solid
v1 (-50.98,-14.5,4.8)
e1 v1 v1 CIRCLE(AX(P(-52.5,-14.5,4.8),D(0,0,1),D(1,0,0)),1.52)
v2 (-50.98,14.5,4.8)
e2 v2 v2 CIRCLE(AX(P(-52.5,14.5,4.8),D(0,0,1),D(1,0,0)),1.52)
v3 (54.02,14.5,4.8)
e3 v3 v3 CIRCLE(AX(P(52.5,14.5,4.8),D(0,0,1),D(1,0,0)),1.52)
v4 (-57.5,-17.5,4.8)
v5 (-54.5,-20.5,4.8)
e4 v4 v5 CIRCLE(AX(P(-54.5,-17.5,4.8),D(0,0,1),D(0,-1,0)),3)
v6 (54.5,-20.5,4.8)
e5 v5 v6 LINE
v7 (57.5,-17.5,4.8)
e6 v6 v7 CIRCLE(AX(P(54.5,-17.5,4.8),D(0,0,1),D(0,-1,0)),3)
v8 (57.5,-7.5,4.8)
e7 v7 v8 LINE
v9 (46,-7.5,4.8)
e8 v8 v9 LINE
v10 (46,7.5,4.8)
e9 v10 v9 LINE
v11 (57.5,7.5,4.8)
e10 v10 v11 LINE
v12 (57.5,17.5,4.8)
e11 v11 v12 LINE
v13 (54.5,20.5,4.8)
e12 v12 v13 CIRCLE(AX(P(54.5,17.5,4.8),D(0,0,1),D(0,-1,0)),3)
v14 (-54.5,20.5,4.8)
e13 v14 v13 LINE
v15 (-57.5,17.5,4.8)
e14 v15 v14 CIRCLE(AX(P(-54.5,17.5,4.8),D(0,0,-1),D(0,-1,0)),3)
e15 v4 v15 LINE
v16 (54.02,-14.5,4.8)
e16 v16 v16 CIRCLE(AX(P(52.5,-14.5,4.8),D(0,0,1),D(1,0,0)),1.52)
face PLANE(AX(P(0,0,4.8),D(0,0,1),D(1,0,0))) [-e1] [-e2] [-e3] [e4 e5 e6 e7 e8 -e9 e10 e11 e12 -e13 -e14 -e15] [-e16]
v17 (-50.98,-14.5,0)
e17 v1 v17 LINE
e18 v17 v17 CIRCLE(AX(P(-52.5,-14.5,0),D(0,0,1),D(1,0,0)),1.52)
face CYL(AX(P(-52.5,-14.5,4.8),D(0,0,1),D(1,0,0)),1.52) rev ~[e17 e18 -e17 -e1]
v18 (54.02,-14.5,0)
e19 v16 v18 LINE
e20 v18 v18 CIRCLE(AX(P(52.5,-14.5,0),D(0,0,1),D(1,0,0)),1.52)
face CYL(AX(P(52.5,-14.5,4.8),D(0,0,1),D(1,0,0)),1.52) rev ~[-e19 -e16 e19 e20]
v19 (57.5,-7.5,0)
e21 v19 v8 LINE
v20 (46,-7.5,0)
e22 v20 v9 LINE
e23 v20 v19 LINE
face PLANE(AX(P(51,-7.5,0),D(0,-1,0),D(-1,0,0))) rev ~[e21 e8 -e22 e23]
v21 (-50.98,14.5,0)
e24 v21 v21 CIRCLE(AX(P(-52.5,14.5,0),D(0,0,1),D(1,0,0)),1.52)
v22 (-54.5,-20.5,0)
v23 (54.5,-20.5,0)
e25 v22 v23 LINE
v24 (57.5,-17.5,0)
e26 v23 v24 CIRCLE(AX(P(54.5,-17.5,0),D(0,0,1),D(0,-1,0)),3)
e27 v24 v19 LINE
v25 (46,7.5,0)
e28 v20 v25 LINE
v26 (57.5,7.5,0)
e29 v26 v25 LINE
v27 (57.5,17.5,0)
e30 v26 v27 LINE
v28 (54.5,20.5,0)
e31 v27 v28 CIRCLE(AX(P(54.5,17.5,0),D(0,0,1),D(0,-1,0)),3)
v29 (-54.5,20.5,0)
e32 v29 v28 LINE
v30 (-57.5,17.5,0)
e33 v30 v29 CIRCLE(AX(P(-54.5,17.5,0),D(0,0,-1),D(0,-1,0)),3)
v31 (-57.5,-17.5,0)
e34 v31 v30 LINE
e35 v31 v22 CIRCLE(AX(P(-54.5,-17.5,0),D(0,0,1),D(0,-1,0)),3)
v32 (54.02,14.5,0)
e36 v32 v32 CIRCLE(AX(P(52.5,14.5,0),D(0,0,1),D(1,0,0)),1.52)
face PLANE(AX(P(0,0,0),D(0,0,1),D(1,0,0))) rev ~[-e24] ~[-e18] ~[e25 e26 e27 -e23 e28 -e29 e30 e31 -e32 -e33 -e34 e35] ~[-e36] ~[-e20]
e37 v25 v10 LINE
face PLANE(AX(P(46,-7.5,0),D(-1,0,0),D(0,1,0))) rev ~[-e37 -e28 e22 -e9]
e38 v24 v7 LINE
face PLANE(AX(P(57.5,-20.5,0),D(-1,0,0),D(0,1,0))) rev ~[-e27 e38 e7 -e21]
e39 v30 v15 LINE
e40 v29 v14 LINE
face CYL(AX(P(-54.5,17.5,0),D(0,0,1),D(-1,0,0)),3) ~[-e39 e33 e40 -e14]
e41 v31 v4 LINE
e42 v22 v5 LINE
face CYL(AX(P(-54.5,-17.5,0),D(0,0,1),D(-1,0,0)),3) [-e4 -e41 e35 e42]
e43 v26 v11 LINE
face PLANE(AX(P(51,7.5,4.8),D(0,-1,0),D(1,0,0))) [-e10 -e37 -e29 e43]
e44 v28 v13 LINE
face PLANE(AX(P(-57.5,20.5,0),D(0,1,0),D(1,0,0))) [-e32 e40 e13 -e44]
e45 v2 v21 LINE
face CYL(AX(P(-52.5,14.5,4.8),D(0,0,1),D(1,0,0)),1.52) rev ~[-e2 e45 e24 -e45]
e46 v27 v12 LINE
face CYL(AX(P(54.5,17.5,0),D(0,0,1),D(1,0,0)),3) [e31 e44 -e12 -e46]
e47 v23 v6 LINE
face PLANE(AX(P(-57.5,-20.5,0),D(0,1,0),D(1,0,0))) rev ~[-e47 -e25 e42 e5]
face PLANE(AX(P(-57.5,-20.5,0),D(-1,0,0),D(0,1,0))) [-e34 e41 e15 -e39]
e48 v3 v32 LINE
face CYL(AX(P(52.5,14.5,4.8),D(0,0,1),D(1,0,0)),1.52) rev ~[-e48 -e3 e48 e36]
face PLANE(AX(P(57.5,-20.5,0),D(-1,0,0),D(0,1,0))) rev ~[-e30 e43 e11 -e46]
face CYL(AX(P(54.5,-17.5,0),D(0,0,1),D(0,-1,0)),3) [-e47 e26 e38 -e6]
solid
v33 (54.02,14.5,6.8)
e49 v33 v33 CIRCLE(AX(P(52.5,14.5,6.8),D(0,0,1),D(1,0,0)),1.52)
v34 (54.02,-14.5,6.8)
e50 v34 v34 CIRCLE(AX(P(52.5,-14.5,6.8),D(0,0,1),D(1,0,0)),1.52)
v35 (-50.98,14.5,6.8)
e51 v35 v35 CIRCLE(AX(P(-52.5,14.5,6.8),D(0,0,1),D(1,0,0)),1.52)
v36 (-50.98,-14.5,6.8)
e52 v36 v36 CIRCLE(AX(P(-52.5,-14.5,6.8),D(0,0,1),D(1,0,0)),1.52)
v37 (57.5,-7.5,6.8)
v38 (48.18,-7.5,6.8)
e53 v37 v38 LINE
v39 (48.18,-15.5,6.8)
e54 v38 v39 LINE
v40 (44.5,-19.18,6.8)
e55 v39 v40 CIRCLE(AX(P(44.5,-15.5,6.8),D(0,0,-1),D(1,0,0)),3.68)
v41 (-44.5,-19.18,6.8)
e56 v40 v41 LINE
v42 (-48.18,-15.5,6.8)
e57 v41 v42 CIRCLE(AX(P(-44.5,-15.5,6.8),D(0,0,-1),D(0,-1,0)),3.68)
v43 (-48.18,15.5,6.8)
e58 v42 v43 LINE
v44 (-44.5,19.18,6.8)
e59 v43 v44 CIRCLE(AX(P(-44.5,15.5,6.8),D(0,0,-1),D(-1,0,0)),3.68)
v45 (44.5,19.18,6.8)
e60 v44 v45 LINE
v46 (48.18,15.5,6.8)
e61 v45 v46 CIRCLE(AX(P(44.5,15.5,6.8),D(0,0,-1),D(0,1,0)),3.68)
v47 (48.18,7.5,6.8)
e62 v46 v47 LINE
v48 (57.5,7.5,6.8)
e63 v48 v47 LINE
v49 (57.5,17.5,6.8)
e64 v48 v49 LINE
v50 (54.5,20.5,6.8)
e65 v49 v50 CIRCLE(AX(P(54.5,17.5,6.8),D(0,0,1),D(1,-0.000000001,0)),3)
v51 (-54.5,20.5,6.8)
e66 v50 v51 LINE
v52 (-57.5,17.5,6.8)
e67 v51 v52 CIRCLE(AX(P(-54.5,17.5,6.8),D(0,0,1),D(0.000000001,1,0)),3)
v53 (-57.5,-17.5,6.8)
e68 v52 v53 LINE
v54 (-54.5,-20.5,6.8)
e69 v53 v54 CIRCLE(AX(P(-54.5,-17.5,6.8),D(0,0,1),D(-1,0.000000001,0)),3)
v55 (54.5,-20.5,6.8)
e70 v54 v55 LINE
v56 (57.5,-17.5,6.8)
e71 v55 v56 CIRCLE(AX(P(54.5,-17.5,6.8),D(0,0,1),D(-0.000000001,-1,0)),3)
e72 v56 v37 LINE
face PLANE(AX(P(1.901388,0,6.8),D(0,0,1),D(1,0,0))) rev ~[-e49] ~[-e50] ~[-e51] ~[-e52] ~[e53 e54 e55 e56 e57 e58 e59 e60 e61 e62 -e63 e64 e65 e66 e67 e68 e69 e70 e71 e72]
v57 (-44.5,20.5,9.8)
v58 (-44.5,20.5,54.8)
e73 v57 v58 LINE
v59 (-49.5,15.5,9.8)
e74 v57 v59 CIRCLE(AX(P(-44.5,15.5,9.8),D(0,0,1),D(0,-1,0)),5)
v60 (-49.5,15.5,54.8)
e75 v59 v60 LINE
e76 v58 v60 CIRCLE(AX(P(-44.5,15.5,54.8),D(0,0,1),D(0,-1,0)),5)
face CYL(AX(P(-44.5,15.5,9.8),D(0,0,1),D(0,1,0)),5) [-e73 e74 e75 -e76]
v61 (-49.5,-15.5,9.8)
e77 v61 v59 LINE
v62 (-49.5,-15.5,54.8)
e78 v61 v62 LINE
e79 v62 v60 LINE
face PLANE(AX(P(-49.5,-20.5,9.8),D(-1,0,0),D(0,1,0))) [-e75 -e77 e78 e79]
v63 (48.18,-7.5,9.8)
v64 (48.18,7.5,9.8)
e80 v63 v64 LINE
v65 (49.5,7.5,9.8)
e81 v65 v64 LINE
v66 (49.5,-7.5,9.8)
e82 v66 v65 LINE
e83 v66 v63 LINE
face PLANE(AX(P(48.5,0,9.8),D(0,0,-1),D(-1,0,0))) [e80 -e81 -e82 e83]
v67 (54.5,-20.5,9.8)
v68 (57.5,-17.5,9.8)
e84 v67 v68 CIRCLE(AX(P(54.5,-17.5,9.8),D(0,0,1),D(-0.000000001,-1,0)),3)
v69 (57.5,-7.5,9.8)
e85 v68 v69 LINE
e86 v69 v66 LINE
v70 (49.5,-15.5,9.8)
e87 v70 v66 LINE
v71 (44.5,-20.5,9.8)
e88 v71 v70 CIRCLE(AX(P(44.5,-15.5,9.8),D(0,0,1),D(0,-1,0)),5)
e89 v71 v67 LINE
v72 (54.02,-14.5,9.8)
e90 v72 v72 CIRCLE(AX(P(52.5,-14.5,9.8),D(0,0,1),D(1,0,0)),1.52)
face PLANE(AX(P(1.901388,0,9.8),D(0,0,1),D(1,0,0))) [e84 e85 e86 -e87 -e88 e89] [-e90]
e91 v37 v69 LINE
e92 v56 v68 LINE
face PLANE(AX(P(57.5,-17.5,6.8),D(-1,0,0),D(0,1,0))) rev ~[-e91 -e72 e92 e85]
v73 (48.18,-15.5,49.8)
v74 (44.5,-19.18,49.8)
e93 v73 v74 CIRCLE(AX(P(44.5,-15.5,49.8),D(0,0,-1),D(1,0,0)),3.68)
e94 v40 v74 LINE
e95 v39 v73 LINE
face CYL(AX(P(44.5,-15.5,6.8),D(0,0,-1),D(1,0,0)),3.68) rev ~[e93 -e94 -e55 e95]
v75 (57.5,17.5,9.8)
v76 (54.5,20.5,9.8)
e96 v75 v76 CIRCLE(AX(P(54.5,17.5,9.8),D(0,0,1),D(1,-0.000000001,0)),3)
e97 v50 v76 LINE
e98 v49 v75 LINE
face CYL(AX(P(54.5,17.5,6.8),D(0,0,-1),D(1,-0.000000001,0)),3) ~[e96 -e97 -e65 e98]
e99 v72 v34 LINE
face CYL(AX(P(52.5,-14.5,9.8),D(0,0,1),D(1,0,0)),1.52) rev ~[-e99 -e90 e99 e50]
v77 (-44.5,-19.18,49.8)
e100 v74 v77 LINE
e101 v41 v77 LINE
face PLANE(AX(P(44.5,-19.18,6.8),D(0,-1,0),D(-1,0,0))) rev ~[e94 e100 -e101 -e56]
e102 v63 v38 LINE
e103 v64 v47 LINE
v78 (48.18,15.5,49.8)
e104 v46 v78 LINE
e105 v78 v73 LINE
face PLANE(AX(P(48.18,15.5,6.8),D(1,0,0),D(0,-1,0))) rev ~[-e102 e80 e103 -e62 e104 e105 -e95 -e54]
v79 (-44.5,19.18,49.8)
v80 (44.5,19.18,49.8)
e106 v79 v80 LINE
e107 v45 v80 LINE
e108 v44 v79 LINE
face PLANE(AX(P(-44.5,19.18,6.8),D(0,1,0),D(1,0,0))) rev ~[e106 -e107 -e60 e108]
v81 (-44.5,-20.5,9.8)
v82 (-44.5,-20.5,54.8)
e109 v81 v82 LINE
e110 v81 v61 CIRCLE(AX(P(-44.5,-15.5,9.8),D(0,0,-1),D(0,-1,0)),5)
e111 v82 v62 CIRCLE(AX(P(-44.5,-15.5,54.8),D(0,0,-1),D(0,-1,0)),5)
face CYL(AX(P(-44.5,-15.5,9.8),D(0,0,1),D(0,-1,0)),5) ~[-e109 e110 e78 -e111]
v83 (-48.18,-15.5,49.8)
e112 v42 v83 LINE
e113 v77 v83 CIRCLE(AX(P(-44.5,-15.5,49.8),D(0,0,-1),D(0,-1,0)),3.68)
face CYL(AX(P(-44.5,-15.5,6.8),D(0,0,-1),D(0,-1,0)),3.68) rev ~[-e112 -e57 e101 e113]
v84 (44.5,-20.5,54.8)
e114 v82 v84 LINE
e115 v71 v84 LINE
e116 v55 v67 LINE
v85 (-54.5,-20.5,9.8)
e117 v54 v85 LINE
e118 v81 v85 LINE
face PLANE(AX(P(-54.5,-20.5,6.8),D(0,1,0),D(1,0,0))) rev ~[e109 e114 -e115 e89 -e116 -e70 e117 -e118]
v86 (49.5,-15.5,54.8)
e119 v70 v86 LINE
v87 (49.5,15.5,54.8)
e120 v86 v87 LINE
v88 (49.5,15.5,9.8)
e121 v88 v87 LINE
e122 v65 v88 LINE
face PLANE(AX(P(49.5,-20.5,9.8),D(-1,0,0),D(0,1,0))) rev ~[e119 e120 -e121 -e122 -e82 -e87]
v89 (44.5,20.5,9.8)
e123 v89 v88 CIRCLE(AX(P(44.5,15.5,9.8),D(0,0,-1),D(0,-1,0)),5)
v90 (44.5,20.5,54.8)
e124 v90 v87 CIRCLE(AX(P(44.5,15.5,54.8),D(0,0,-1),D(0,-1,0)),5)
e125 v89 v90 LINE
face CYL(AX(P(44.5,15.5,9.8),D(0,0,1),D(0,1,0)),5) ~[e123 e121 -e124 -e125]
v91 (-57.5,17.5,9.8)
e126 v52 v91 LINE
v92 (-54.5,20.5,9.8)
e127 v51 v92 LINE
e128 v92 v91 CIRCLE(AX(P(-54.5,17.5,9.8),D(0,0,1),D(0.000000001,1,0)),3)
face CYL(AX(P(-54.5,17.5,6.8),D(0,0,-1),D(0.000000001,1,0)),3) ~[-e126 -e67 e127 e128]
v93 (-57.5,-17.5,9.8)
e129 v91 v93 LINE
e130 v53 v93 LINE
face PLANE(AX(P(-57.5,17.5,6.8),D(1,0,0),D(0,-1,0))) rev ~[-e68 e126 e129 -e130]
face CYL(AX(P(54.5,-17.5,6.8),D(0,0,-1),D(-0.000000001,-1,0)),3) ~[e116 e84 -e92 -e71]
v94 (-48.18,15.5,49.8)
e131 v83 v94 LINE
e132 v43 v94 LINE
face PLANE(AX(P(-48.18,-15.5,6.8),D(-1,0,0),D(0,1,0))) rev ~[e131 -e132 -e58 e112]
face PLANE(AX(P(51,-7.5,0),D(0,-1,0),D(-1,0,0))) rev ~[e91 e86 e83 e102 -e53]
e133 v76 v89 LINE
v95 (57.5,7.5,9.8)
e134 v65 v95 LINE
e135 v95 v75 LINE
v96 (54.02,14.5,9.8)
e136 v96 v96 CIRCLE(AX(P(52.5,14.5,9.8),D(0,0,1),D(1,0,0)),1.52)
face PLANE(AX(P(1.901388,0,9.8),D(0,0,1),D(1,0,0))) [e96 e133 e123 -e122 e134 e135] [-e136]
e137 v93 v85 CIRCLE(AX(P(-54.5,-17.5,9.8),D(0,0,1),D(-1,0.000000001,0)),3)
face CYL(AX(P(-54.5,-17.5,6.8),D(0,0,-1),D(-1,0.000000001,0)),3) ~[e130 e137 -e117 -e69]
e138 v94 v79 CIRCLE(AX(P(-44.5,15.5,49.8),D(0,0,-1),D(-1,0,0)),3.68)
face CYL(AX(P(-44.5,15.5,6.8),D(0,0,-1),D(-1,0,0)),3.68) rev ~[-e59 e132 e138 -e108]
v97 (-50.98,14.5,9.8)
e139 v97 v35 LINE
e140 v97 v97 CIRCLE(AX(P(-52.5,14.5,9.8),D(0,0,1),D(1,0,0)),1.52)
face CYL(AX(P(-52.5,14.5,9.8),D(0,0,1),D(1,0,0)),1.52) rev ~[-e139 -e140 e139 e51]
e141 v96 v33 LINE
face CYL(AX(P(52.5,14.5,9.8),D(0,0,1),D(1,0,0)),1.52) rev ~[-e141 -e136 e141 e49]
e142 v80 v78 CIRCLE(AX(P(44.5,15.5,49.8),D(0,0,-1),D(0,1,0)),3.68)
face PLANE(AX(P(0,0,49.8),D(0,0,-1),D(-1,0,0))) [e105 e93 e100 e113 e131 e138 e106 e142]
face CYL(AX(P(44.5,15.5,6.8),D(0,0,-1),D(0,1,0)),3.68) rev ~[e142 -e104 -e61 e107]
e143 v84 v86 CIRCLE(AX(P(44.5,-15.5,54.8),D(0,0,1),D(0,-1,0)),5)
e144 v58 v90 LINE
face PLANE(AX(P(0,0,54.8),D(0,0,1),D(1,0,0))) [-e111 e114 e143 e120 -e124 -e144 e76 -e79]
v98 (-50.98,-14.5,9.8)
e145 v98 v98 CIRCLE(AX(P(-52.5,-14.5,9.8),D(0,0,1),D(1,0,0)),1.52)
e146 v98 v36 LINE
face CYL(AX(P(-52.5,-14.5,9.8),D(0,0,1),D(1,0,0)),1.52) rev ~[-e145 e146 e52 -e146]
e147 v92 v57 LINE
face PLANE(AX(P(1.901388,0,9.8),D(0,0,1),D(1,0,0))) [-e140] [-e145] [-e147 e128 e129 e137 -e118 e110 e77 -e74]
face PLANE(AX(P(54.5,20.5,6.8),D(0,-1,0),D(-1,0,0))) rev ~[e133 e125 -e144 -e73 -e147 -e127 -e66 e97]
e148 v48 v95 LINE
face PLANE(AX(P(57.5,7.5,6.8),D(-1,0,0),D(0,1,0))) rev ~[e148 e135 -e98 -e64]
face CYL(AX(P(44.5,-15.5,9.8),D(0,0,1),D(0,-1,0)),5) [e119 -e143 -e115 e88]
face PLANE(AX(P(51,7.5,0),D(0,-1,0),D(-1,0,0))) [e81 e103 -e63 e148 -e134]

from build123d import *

# Parameters (mm, degrees)
SKETCH_1_W          = 115
SKETCH_1_H          = 41
EXTRUDE_1_DEPTH     = 4.8
FILLET_1_R          = 3
SKETCH_2_R          = 1.52
SKETCH_2_W          = 13
SKETCH_2_H          = 15
CUT_EXTRUDE_1_DEPTH = 55
EXTRUDE_2_DEPTH     = 3
SKETCH_5_W          = 99
SKETCH_5_H          = 41
EXTRUDE_3_DEPTH     = 45
SKETCH_7_R          = 1.52
CUT_EXTRUDE_2_DEPTH = 45
FILLET_2_R          = 5
CUT_EXTRUDE_4_DEPTH = 43
SKETCH_9_W          = 5
SKETCH_9_H          = 15
CUT_EXTRUDE_5_DEPTH = 9.8


with BuildPart() as part:
    # 草图1 → 凸台-拉伸1 (new body)
    with BuildSketch(Plane.XY):
        Rectangle(SKETCH_1_W, SKETCH_1_H)
    extrude(amount=EXTRUDE_1_DEPTH)

    # 圆角1
    fillet_1_edges = [part.edges().sort_by_distance(p)[0] for p in [
        (57.5, -20.5, 2.4),
        (-57.5, -20.5, 2.4),
        (-57.5, 20.5, 2.4),
        (57.5, 20.5, 2.4),
    ]]
    fillet(fillet_1_edges, radius=FILLET_1_R)

    # 草图2 → 切除-拉伸1 (cut)
    with BuildSketch(Plane.XY.offset(4.8)):
        with Locations((52.5, 14.5)):
            Circle(SKETCH_2_R)
        with Locations((-52.5, 14.5)):
            Circle(SKETCH_2_R)
        with Locations((-52.5, -14.5)):
            Circle(SKETCH_2_R)
        with Locations((52.5, -14.5)):
            Circle(SKETCH_2_R)
        with Locations((57.5, 0)):
            Rectangle(SKETCH_2_W, SKETCH_2_H)
    extrude(amount=-CUT_EXTRUDE_1_DEPTH, mode=Mode.SUBTRACT)


with BuildPart() as body_2:
    # 草图4 → 凸台-拉伸2 (new body)
    with BuildSketch(Plane.XY.offset(6.8)):
        with BuildLine():
            Line((57.5, -17.5), (57.5, -7.5))
            Line((57.5, -7.5), (51, -7.5))
            Line((51, -7.5), (51, 7.5))
            Line((51, 7.5), (57.5, 7.5))
            Line((57.5, 7.5), (57.5, 17.5))
            ThreePointArc((57.5, 17.5), (56.621320344, 19.621320344), (54.5, 20.5))
            Line((54.5, 20.5), (-54.5, 20.5))
            ThreePointArc((-54.5, 20.5), (-56.621320344, 19.621320344), (-57.5, 17.5))
            Line((-57.5, 17.5), (-57.5, -17.5))
            ThreePointArc((-57.5, -17.5), (-56.621320344, -19.621320344), (-54.5, -20.5))
            Line((-54.5, -20.5), (54.5, -20.5))
            ThreePointArc((54.5, -20.5), (56.621320344, -19.621320344), (57.5, -17.5))
        make_face()
    extrude(amount=EXTRUDE_2_DEPTH)

    # 草图5 → 凸台-拉伸3 (add)
    with BuildSketch(Plane.XY.offset(9.8)):
        Rectangle(SKETCH_5_W, SKETCH_5_H)
    extrude(amount=EXTRUDE_3_DEPTH)

    # 草图7 → 切除-拉伸2 (cut)
    with BuildSketch(Plane.XY.offset(9.8)):
        with Locations((-52.5, -14.5)):
            Circle(SKETCH_7_R)
        with Locations((-52.5, 14.5)):
            Circle(SKETCH_7_R)
        with Locations((52.5, -14.5)):
            Circle(SKETCH_7_R)
        with Locations((52.5, 14.5)):
            Circle(SKETCH_7_R)
    extrude(amount=-CUT_EXTRUDE_2_DEPTH, mode=Mode.SUBTRACT)

    # 圆角2
    fillet_2_edges = [body_2.edges().sort_by_distance(p)[0] for p in [
        (49.5, -20.5, 32.3),
        (49.5, 20.5, 32.3),
        (-49.5, 20.5, 32.3),
        (-49.5, -20.5, 32.3),
    ]]
    fillet(fillet_2_edges, radius=FILLET_2_R)

    # 草图8 → 切除-拉伸4 (cut)
    with BuildSketch(Plane(origin=(0, 0, 6.8), x_dir=(-1, 0, 0), z_dir=(0, 0, -1))):
        with BuildLine():
            Line((-48.18, 15.5), (-48.18, -15.5))
            ThreePointArc((-48.18, -15.5), (-47.102152955, -18.102152955), (-44.5, -19.18))
            Line((-44.5, -19.18), (44.5, -19.18))
            ThreePointArc((44.5, -19.18), (47.102152955, -18.102152955), (48.18, -15.5))
            Line((48.18, -15.5), (48.18, 15.5))
            ThreePointArc((48.18, 15.5), (47.102152955, 18.102152955), (44.5, 19.18))
            Line((44.5, 19.18), (-44.5, 19.18))
            ThreePointArc((-44.5, 19.18), (-47.102152955, 18.102152955), (-48.18, 15.5))
        make_face()
    extrude(amount=-CUT_EXTRUDE_4_DEPTH, mode=Mode.SUBTRACT)


with BuildPart() as cut_extrude_5_tool:
    # 草图9 → 切除-拉伸5 (new body)
    with BuildSketch(Plane(origin=(0, 0, 0), x_dir=(-1, 0, 0), z_dir=(0, 0, -1))):
        with Locations((-48.5, 0)):
            Rectangle(SKETCH_9_W, SKETCH_9_H)
    extrude(amount=-CUT_EXTRUDE_5_DEPTH)


with BuildPart() as part_1:
    add(part.part)

    # 切除-拉伸5: cut by cut_extrude_5_tool
    add(cut_extrude_5_tool.part, mode=Mode.SUBTRACT)


with BuildPart() as body_2_1:
    add(body_2.part)

    # 切除-拉伸5: cut by cut_extrude_5_tool
    add(cut_extrude_5_tool.part, mode=Mode.SUBTRACT)


solid = Compound([part_1.part, body_2_1.part])
